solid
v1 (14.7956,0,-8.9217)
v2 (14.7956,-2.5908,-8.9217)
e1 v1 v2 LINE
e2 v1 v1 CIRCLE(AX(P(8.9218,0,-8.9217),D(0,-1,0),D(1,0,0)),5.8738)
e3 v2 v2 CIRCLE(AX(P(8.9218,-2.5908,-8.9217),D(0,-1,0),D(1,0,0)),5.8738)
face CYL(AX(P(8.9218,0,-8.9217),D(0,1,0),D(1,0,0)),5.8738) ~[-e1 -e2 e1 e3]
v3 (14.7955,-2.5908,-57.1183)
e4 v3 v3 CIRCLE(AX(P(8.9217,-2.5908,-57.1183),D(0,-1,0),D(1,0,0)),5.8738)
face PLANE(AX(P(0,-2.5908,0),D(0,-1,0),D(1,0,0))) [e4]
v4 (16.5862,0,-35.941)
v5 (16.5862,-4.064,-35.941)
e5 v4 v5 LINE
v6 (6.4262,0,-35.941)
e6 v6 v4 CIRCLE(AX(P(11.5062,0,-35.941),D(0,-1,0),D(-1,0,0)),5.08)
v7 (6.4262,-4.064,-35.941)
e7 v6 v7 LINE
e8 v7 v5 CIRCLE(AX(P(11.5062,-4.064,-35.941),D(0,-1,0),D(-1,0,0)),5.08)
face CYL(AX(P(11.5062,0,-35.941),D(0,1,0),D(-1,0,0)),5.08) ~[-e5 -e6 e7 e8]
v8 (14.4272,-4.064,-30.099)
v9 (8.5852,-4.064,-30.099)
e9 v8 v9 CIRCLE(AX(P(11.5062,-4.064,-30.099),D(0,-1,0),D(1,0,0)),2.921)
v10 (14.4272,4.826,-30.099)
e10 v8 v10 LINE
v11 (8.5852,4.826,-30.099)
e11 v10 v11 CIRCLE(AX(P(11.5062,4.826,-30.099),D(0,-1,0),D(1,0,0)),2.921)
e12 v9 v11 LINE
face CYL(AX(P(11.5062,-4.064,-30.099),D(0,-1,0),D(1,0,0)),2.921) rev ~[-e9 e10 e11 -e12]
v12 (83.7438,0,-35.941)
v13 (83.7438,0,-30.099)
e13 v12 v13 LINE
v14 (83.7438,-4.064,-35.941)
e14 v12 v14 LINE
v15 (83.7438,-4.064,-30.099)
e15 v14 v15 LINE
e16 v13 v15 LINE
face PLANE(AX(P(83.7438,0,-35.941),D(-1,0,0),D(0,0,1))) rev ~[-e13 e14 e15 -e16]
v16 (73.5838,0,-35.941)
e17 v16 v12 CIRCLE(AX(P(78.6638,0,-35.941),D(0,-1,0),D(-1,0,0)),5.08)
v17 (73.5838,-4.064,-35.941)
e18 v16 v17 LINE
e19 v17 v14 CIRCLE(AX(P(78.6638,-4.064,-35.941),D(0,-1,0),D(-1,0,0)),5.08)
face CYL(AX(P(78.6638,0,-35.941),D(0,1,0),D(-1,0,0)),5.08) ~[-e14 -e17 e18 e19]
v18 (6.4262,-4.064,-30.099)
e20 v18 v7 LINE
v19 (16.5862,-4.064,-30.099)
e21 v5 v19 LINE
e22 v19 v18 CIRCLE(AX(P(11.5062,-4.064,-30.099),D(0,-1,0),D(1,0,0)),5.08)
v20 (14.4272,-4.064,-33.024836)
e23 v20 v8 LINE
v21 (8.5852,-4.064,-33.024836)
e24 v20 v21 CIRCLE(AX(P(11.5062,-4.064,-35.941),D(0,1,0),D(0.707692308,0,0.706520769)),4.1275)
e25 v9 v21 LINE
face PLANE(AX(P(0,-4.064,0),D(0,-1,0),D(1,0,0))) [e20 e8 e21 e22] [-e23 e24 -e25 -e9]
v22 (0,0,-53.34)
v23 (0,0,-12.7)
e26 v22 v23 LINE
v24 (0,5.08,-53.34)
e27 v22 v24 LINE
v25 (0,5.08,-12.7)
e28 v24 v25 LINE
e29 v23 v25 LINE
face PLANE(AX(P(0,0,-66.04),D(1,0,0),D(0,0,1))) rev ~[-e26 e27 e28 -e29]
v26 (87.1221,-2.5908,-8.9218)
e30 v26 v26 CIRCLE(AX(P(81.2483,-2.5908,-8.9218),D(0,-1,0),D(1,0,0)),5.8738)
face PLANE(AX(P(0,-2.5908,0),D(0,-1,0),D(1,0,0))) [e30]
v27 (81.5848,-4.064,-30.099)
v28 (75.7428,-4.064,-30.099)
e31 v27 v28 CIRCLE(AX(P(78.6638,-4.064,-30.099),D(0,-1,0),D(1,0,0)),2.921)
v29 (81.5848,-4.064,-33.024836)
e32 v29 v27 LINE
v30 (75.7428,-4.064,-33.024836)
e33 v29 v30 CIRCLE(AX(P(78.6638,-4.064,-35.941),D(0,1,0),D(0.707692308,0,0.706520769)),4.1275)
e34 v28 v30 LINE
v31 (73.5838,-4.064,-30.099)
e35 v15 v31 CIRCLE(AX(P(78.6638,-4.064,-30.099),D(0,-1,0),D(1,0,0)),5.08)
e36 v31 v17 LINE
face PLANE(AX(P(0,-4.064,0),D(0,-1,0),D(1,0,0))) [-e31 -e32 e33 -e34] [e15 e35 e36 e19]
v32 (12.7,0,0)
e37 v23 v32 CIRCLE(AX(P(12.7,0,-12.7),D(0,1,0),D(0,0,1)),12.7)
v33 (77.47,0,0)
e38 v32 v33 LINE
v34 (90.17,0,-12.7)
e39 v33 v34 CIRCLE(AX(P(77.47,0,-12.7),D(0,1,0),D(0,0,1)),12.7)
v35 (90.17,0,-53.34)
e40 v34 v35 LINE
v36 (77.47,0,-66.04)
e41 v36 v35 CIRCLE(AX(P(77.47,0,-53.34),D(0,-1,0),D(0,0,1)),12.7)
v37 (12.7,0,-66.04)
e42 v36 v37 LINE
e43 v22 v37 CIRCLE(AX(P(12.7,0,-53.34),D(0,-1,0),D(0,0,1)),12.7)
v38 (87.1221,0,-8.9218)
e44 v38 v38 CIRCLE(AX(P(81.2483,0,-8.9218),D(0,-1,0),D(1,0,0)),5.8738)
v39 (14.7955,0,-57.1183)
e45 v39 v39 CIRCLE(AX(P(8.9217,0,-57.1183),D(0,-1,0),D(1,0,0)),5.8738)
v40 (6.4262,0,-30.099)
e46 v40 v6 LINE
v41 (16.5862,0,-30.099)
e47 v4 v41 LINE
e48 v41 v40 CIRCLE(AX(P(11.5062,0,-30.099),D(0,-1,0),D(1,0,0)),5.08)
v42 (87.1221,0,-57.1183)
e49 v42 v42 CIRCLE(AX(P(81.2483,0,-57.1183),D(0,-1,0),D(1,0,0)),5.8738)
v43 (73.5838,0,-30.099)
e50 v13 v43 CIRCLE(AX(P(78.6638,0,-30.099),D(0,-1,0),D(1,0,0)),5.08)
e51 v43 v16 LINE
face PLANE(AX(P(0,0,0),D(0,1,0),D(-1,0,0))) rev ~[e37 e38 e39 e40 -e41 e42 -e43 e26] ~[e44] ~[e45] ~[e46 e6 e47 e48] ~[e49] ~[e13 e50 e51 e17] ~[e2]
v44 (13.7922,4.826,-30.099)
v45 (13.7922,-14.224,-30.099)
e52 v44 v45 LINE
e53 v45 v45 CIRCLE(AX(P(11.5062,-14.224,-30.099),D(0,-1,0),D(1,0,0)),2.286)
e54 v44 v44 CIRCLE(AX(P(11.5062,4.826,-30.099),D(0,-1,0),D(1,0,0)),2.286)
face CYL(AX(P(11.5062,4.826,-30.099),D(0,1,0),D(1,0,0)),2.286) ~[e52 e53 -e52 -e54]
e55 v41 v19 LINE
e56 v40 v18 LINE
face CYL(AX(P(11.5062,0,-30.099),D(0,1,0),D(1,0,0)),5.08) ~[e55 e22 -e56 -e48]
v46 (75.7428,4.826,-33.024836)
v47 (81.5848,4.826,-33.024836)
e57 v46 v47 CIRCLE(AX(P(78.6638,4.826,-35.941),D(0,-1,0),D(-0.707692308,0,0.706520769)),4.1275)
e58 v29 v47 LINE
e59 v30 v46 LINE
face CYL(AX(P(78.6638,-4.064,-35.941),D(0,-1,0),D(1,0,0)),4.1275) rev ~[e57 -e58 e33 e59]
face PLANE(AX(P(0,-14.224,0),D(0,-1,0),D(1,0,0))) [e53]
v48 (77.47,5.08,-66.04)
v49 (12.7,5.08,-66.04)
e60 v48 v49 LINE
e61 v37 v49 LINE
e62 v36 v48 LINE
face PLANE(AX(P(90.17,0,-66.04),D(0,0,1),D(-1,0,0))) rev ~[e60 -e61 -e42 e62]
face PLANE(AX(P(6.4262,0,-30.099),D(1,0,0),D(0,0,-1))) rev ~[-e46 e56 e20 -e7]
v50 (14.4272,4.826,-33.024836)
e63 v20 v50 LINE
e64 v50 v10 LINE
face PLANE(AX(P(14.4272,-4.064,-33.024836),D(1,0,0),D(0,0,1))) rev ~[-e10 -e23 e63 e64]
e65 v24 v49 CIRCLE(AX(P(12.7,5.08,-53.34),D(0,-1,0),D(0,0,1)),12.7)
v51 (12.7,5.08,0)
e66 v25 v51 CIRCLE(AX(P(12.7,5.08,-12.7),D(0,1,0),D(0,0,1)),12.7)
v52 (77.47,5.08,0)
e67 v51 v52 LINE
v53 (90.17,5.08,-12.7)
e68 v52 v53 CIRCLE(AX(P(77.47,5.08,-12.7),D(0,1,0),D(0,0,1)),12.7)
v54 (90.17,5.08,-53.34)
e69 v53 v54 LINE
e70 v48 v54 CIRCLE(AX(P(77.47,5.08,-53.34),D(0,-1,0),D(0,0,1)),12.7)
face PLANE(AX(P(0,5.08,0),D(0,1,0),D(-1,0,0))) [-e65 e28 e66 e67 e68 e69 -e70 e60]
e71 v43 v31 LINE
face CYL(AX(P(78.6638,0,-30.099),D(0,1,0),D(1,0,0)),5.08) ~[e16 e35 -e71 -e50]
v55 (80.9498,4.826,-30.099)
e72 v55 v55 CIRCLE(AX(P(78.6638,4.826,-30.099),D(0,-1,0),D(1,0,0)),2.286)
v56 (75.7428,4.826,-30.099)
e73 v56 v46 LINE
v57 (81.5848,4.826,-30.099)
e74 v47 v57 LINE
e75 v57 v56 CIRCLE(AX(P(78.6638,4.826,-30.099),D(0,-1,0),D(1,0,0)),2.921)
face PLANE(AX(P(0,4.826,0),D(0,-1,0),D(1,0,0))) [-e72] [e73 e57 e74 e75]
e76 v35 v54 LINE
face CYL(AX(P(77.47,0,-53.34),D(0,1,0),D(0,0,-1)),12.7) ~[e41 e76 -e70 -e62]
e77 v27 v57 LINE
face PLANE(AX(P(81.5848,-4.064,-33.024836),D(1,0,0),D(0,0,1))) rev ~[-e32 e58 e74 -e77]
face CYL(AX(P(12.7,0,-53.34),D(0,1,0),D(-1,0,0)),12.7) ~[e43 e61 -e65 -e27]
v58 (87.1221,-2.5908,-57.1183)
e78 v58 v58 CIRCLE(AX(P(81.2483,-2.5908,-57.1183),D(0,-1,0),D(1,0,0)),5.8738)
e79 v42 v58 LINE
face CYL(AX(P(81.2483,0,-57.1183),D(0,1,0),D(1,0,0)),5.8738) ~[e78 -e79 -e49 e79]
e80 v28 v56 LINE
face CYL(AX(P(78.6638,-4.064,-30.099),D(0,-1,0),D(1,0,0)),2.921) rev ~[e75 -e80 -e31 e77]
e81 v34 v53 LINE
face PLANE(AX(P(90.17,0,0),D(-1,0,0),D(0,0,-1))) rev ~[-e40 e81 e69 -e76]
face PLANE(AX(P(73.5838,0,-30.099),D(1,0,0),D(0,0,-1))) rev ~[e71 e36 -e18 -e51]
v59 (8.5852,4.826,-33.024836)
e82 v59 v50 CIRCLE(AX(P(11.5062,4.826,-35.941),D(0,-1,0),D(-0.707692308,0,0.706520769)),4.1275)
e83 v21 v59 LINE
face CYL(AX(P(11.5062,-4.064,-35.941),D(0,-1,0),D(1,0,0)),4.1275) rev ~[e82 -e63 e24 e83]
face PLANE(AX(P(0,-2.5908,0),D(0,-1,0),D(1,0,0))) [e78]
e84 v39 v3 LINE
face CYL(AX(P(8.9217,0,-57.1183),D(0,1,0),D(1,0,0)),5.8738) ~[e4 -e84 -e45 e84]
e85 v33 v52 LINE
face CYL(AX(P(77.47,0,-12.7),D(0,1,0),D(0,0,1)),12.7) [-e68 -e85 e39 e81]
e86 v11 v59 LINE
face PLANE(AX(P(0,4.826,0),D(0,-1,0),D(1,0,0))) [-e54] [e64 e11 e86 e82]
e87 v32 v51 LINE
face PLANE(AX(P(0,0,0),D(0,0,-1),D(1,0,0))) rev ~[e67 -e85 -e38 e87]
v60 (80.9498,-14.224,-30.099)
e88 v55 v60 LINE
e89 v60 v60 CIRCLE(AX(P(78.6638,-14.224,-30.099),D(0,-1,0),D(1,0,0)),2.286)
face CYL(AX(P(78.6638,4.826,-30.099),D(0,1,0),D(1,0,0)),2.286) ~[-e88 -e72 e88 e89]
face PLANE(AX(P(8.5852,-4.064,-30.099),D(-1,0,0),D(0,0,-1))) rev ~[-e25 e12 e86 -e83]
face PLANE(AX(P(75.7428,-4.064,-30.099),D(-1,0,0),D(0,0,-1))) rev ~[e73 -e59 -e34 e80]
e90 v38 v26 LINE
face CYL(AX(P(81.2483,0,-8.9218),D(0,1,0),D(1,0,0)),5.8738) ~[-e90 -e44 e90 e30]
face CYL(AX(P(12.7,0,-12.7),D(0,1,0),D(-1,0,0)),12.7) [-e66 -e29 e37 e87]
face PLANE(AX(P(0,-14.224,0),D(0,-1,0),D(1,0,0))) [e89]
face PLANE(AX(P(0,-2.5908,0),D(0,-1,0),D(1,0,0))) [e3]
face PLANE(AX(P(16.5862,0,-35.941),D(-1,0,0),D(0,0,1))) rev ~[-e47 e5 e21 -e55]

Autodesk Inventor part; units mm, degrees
ref_plane "YZ Plane" through (0, 0, 0) normal (1, 0, 0) x (0, 1, 0)
ref_plane "XZ Plane" through (0, 0, 0) normal (0, 1, 0) x (-1, 0, 0)
ref_plane "XY Plane" through (0, 0, 0) normal (0, 0, 1) x (1, 0, 0)
sketch "Sketch1" plane through (0, 0, 0) normal (0, 1, 0) x (-1, 0, 0)
  line L0 (0, 0) -> (-90.17, 0)
  line L1 (-90.17, 0) -> (-90.17, -66.04)
  line L2 (-90.17, -66.04) -> (0, -66.04)
  line L3 (0, -66.04) -> (0, 0)
  dimension "d0" = 90.17
  dimension "d1" = 66.04
extrude "Extrusion1" add sketch "Sketch1" along normal blind 5.08
sketch "Sketch2" plane through (0, 0, 0) normal (0, -1, 0) x (1, 0, 0)
  circle A0 centre (8.9218, -8.9217) radius 5.8738
  circle A1 centre (81.2483, -8.9218) radius 5.8738
  circle A2 centre (8.9217, -57.1183) radius 5.8738
  circle A3 centre (81.2483, -57.1183) radius 5.8738
  line L0 (0, 0) -> (90.17, 0) projected
  line L1 (0, -66.04) -> (0, 0) projected
  line L2 (90.17, -66.04) -> (0, -66.04) projected
  line L3 (90.17, 0) -> (90.17, -66.04) projected
  dimension "d4" = 11.7475
  dimension "d5" = 3.048
  dimension "d6" = 3.048
  dimension "d7" = 3.048
  dimension "d8" = 3.048
extrude "Extrusion2" add sketch "Sketch2" along normal blind 2.5908 contours A0 | A1 | A2 | A3
sketch "Sketch3" plane through (0, 0, 0) normal (0, -1, 0) x (1, 0, 0)
  line L0 (78.6638, -30.099) -> (78.6638, -35.941) construction
  line L1 (73.5838, -30.099) -> (73.5838, -35.941)
  line L2 (83.7438, -35.941) -> (83.7438, -30.099)
  arc A0 (83.7438, -30.099) -> (73.5838, -30.099) centre (78.6638, -30.099) ccw
  arc A1 (73.5838, -35.941) -> (83.7438, -35.941) centre (78.6638, -35.941) ccw
  line L3 (11.5062, -30.099) -> (11.5062, -35.941) construction
  line L4 (6.4262, -30.099) -> (6.4262, -35.941)
  line L5 (16.5862, -35.941) -> (16.5862, -30.099)
  arc A2 (16.5862, -30.099) -> (6.4262, -30.099) centre (11.5062, -30.099) ccw
  arc A3 (6.4262, -35.941) -> (16.5862, -35.941) centre (11.5062, -35.941) ccw
  line L6 (90.17, 0) -> (90.17, -66.04) projected
  line L7 (0, -66.04) -> (0, 0) projected
  point P0 (78.6638, -33.02)
  point P1 (11.5062, -33.02)
  point P2 (90.17, -33.02)
  dimension "d11" = 6.4262
  dimension "d12" = 10.16
  dimension "d14" = 6.4262
  dimension "d15" = 16.002
extrude "Extrusion3" add sketch "Sketch3" along normal blind 4.064
sketch "Sketch4" plane through (0, -4.064, 0) normal (0, -1, 0) x (1, 0, 0)
  point P0 (0, 0)
sketch "Sketch5" plane through (0, -4.064, 0) normal (0, -1, 0) x (1, 0, 0)
  circle A0 centre (78.6638, -35.941) radius 4.1275
  circle A1 centre (11.5062, -35.941) radius 4.1275
  arc A2 (6.4262, -35.941) -> (16.5862, -35.941) centre (11.5062, -35.941) ccw projected
  arc A3 (73.5838, -35.941) -> (83.7438, -35.941) centre (78.6638, -35.941) ccw projected
  line L0 (11.5062, -35.941) -> (11.5062, -30.099) construction
  line L1 (14.4272, -35.941) -> (14.4272, -30.099)
  line L2 (8.5852, -30.099) -> (8.5852, -35.941)
  arc A4 (8.5852, -35.941) -> (14.4272, -35.941) centre (11.5062, -35.941) ccw
  arc A5 (14.4272, -30.099) -> (8.5852, -30.099) centre (11.5062, -30.099) ccw
  line L3 (78.6638, -35.941) -> (78.6638, -30.099) construction
  line L4 (81.5848, -35.941) -> (81.5848, -30.099)
  line L5 (75.7428, -30.099) -> (75.7428, -35.941)
  arc A6 (75.7428, -35.941) -> (81.5848, -35.941) centre (78.6638, -35.941) ccw
  arc A7 (81.5848, -30.099) -> (75.7428, -30.099) centre (78.6638, -30.099) ccw
  arc A8 (16.5862, -30.099) -> (6.4262, -30.099) centre (11.5062, -30.099) ccw projected
  point P0 (0, 0)
  point P1 (11.5062, -33.02)
  point P2 (78.6638, -33.02)
  dimension "d18" = 5.842
  dimension "d19" = 8.255
extrude "Extrusion4" cut sketch "Sketch5" against normal blind 8.89
fillet "Fillet1" radius 12.7 4 edges at (90.17, 2.54, 0) (90.17, 2.54, -66.04) (0, 2.54, 0) (0, 2.54, -66.04)
sketch "Sketch6" plane through (0, 4.826, 0) normal (0, -1, 0) x (1, 0, 0)
  circle A0 centre (11.5062, -30.099) radius 2.286
  arc A1 (14.4272, -30.099) -> (8.5852, -30.099) centre (11.5062, -30.099) ccw projected
  circle A2 centre (78.6638, -30.099) radius 2.286
  arc A3 (81.5848, -30.099) -> (75.7428, -30.099) centre (78.6638, -30.099) ccw projected
  point P0 (0, 0)
  dimension "d23" = 4.572
  dimension "d24" = 4.572
extrude "Extrusion5" add sketch "Sketch6" along normal blind 19.05
equation "\"d6\" = d5"
equation "\"d7\" = d5"
equation "\"d8\" = d5"
equation "\"d14\" = d11"
properties part number "Router Bottom"
